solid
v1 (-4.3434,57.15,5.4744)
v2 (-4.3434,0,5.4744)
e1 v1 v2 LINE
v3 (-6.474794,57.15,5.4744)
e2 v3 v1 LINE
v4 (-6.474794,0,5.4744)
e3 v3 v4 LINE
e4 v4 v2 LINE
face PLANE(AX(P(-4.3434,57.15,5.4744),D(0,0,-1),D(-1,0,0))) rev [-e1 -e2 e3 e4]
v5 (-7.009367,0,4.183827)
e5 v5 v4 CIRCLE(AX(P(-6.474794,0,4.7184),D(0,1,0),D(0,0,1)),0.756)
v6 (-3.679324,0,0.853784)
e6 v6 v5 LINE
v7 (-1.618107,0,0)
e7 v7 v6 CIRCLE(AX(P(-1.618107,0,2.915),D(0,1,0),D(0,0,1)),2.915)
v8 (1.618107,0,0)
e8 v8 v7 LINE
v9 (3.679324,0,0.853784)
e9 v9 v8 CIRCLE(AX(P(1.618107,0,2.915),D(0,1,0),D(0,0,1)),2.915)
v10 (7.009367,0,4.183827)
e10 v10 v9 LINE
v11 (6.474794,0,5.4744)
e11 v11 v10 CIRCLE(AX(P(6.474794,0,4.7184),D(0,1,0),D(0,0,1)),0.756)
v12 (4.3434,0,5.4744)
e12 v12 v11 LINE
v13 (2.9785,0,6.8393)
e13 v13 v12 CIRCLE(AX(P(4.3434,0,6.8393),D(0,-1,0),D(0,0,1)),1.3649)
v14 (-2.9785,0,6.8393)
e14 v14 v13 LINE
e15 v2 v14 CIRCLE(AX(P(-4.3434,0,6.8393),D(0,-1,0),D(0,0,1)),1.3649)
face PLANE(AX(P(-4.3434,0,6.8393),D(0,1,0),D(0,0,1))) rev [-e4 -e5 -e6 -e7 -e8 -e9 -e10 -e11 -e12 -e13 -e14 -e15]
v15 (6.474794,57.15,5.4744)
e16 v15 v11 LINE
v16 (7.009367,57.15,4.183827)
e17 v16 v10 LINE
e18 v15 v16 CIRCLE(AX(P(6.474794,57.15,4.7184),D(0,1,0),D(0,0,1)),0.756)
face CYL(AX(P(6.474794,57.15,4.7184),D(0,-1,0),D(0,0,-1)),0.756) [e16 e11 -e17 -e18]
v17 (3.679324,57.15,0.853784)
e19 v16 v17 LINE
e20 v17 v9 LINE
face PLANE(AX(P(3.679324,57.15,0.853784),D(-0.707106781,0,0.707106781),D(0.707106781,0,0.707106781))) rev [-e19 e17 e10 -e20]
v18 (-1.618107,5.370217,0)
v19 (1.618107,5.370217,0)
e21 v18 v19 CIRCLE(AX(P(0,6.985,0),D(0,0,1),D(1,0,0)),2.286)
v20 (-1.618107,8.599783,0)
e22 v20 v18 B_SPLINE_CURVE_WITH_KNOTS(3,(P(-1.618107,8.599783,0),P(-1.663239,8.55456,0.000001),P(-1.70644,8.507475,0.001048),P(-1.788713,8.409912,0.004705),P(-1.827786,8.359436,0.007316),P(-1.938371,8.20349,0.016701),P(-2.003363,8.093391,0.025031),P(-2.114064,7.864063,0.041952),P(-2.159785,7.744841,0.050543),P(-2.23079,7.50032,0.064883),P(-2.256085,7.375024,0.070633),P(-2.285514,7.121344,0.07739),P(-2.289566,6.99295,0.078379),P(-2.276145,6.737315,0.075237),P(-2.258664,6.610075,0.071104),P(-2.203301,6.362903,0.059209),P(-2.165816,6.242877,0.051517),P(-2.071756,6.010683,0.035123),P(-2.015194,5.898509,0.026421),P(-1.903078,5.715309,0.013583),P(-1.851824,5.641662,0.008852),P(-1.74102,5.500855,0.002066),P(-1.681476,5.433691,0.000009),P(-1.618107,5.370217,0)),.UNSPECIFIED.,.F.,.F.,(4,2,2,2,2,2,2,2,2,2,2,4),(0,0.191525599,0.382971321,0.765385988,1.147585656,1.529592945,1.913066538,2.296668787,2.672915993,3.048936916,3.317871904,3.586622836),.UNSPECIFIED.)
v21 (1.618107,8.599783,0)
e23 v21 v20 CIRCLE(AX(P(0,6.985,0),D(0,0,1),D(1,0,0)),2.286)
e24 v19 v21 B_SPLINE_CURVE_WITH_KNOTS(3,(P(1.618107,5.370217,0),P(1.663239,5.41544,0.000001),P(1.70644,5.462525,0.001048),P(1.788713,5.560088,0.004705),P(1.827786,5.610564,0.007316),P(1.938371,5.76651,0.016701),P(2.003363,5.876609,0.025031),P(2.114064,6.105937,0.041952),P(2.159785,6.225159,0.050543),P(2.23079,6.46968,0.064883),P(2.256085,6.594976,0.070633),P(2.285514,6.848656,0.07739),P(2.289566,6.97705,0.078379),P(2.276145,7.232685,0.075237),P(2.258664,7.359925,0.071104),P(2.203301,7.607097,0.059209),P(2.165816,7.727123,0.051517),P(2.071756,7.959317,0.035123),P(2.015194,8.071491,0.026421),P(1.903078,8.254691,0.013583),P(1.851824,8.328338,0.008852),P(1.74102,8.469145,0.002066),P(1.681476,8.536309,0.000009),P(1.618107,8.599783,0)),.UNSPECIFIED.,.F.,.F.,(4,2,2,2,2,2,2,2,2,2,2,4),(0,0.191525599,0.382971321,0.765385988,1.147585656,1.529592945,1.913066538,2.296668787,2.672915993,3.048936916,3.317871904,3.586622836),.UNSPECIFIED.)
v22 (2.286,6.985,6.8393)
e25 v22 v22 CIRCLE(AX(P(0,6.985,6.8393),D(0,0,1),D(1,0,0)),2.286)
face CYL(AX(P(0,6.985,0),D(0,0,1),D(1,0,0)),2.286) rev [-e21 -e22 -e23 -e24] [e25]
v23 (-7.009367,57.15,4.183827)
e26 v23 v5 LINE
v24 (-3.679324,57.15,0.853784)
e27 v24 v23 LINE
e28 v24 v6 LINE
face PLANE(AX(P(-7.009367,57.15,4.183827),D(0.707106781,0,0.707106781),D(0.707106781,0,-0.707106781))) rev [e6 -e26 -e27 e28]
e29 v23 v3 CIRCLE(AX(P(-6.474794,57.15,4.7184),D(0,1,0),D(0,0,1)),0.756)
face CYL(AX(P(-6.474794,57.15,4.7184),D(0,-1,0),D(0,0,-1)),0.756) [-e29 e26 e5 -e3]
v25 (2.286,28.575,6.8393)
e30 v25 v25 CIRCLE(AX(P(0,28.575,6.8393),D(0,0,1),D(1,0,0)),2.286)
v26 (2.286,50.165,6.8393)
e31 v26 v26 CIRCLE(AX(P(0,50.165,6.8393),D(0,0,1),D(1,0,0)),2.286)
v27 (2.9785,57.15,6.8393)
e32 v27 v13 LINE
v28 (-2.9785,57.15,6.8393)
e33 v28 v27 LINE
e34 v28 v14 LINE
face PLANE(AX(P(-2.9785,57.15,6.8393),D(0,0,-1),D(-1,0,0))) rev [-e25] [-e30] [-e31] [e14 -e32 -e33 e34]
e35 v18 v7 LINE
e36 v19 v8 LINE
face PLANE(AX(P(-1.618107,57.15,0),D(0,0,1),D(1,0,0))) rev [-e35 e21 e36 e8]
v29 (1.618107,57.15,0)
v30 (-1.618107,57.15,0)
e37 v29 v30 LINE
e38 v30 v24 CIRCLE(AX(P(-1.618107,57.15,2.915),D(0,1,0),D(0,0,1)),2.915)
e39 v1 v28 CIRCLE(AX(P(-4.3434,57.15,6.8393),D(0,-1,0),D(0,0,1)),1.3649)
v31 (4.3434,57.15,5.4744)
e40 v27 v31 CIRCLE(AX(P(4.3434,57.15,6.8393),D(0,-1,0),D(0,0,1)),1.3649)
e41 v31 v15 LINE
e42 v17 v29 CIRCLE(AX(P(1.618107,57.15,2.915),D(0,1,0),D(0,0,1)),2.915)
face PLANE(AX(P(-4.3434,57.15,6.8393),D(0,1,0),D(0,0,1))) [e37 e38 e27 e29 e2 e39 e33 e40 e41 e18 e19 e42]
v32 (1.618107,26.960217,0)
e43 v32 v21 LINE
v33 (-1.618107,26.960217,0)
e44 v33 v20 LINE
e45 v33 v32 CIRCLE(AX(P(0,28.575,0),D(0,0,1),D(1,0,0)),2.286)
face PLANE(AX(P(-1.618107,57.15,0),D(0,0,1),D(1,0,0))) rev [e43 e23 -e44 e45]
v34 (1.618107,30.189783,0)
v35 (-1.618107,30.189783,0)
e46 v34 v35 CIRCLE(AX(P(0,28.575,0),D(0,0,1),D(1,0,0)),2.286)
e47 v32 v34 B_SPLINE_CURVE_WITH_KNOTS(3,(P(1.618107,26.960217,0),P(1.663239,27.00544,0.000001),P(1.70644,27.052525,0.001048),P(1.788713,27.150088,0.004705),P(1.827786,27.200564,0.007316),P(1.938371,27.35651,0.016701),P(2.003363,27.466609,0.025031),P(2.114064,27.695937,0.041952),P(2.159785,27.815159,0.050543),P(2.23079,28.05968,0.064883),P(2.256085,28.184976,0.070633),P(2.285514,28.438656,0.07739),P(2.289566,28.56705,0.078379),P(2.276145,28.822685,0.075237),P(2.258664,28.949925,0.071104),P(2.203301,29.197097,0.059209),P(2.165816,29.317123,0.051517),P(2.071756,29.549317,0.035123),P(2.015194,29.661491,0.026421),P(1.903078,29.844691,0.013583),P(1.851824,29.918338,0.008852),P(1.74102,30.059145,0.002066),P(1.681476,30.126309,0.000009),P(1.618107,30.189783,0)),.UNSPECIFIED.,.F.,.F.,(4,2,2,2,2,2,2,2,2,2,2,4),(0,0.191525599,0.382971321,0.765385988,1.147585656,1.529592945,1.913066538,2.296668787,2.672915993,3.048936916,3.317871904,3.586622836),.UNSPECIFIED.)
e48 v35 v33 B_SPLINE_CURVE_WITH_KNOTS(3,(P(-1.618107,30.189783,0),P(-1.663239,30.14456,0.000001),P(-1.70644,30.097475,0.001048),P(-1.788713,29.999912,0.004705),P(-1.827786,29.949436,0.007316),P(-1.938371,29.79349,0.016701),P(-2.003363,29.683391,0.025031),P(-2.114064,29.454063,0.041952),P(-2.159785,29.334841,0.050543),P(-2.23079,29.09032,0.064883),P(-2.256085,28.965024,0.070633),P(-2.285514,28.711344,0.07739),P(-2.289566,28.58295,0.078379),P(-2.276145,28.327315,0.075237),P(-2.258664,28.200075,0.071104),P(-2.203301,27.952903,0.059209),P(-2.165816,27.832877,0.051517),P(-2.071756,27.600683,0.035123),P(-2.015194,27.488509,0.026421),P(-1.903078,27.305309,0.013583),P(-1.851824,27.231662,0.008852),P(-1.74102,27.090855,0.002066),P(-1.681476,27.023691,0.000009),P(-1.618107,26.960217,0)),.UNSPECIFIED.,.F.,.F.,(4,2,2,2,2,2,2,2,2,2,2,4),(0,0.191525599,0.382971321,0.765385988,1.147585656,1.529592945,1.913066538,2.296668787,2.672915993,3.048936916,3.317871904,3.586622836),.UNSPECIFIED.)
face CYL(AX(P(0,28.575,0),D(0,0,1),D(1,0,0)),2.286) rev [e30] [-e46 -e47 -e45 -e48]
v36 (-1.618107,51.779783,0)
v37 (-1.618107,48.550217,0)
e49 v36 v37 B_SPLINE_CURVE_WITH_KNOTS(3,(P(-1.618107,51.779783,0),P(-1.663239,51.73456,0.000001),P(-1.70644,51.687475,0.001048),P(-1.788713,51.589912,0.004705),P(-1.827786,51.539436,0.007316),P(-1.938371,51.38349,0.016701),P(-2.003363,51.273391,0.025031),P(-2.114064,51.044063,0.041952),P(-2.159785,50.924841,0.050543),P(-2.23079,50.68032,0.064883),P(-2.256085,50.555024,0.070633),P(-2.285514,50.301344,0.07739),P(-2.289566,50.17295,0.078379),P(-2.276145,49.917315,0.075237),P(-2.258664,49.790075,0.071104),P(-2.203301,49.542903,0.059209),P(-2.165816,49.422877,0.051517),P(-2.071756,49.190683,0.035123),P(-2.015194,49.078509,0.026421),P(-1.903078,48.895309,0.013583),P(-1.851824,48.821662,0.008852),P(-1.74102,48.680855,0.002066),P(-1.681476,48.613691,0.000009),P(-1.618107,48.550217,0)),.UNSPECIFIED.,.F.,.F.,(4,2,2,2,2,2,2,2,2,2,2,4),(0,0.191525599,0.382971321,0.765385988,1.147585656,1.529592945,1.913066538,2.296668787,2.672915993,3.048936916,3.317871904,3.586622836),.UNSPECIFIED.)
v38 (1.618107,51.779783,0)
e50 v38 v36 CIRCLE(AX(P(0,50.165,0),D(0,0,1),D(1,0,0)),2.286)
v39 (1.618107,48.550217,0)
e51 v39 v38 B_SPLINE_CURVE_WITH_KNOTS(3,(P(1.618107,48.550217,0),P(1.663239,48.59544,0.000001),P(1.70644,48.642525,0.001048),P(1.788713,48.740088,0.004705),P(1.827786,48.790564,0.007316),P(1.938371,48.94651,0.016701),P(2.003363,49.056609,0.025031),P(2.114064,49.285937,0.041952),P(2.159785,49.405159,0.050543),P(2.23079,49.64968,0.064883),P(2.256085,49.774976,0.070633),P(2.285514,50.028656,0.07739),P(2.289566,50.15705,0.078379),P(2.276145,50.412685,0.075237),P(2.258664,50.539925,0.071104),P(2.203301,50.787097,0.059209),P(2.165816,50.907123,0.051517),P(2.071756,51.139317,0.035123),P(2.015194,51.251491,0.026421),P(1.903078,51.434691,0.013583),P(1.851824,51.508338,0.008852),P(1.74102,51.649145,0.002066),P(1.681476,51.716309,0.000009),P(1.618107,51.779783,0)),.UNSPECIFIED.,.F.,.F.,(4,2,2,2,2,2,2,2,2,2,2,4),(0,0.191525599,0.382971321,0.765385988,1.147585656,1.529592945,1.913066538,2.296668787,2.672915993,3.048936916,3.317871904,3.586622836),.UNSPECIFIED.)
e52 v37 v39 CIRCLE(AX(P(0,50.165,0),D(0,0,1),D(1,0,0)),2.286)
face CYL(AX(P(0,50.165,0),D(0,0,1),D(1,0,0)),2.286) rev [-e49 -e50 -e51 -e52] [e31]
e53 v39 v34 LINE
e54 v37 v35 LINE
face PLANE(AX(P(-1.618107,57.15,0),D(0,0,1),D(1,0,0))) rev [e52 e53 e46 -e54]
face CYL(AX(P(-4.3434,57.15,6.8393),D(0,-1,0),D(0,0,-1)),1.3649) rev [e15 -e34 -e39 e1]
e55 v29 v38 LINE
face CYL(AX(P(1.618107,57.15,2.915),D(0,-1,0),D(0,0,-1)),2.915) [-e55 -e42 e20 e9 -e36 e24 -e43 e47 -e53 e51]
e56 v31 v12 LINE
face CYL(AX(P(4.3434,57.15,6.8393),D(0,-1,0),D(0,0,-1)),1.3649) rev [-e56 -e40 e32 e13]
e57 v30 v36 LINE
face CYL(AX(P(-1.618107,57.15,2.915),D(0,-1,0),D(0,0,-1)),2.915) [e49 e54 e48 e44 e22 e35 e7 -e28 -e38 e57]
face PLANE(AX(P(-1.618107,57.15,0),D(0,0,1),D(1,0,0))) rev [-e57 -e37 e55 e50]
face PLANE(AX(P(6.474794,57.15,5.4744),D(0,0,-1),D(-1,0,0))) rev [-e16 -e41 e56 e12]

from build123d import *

# Parameters (mm, degrees)
BOSS_EXTRUDE1_DEPTH = 57.15
SKETCH2_R           = 2.286
CUT_EXTRUDE1_DEPTH  = 7.8393


with BuildPart() as part:
    # Sketch1 → Boss-Extrude1 (new body)
    with BuildSketch(Plane(origin=(0, 0, 0), x_dir=(1, 0, 0), z_dir=(0, 1, 0))):
        with BuildLine():
            Line((-2.9785, -6.8393), (2.978499971, -6.8393))
            ThreePointArc((2.978499971, -6.8393), (3.378269925, -5.874169954), (4.343399971, -5.4744))
            Line((4.343399971, -5.4744), (6.474794456, -5.4744))
            ThreePointArc((6.474794456, -5.4744), (7.173247382, -5.007708675), (7.009367182, -4.183827273))
            Line((7.009367182, -4.183827273), (3.679323642, -0.853783733))
            ThreePointArc((3.679323642, -0.853783733), (2.73362958, -0.221891163), (1.618107374, 0))
            Line((1.618107374, 0), (-1.618107374, 0))
            ThreePointArc((-1.618107374, 0), (-2.73362958, -0.221891163), (-3.679323642, -0.853783733))
            Line((-3.679323642, -0.853783733), (-7.009367182, -4.183827273))
            ThreePointArc((-7.009367182, -4.183827273), (-7.173247382, -5.007708675), (-6.474794456, -5.4744))
            Line((-6.474794456, -5.4744), (-4.3434, -5.4744))
            ThreePointArc((-4.3434, -5.4744), (-3.378269954, -5.874169954), (-2.9785, -6.8393))
        make_face()
    extrude(amount=BOSS_EXTRUDE1_DEPTH)

    # Sketch2 → Cut-Extrude1 (cut, through all)
    with BuildSketch(Plane.XY.offset(6.8393)):
        with Locations((0, 50.165)):
            Circle(SKETCH2_R)
        with Locations((0, 28.575)):
            Circle(SKETCH2_R)
        with Locations((0, 6.985)):
            Circle(SKETCH2_R)
    extrude(amount=-CUT_EXTRUDE1_DEPTH, mode=Mode.SUBTRACT)


solid = part.part
